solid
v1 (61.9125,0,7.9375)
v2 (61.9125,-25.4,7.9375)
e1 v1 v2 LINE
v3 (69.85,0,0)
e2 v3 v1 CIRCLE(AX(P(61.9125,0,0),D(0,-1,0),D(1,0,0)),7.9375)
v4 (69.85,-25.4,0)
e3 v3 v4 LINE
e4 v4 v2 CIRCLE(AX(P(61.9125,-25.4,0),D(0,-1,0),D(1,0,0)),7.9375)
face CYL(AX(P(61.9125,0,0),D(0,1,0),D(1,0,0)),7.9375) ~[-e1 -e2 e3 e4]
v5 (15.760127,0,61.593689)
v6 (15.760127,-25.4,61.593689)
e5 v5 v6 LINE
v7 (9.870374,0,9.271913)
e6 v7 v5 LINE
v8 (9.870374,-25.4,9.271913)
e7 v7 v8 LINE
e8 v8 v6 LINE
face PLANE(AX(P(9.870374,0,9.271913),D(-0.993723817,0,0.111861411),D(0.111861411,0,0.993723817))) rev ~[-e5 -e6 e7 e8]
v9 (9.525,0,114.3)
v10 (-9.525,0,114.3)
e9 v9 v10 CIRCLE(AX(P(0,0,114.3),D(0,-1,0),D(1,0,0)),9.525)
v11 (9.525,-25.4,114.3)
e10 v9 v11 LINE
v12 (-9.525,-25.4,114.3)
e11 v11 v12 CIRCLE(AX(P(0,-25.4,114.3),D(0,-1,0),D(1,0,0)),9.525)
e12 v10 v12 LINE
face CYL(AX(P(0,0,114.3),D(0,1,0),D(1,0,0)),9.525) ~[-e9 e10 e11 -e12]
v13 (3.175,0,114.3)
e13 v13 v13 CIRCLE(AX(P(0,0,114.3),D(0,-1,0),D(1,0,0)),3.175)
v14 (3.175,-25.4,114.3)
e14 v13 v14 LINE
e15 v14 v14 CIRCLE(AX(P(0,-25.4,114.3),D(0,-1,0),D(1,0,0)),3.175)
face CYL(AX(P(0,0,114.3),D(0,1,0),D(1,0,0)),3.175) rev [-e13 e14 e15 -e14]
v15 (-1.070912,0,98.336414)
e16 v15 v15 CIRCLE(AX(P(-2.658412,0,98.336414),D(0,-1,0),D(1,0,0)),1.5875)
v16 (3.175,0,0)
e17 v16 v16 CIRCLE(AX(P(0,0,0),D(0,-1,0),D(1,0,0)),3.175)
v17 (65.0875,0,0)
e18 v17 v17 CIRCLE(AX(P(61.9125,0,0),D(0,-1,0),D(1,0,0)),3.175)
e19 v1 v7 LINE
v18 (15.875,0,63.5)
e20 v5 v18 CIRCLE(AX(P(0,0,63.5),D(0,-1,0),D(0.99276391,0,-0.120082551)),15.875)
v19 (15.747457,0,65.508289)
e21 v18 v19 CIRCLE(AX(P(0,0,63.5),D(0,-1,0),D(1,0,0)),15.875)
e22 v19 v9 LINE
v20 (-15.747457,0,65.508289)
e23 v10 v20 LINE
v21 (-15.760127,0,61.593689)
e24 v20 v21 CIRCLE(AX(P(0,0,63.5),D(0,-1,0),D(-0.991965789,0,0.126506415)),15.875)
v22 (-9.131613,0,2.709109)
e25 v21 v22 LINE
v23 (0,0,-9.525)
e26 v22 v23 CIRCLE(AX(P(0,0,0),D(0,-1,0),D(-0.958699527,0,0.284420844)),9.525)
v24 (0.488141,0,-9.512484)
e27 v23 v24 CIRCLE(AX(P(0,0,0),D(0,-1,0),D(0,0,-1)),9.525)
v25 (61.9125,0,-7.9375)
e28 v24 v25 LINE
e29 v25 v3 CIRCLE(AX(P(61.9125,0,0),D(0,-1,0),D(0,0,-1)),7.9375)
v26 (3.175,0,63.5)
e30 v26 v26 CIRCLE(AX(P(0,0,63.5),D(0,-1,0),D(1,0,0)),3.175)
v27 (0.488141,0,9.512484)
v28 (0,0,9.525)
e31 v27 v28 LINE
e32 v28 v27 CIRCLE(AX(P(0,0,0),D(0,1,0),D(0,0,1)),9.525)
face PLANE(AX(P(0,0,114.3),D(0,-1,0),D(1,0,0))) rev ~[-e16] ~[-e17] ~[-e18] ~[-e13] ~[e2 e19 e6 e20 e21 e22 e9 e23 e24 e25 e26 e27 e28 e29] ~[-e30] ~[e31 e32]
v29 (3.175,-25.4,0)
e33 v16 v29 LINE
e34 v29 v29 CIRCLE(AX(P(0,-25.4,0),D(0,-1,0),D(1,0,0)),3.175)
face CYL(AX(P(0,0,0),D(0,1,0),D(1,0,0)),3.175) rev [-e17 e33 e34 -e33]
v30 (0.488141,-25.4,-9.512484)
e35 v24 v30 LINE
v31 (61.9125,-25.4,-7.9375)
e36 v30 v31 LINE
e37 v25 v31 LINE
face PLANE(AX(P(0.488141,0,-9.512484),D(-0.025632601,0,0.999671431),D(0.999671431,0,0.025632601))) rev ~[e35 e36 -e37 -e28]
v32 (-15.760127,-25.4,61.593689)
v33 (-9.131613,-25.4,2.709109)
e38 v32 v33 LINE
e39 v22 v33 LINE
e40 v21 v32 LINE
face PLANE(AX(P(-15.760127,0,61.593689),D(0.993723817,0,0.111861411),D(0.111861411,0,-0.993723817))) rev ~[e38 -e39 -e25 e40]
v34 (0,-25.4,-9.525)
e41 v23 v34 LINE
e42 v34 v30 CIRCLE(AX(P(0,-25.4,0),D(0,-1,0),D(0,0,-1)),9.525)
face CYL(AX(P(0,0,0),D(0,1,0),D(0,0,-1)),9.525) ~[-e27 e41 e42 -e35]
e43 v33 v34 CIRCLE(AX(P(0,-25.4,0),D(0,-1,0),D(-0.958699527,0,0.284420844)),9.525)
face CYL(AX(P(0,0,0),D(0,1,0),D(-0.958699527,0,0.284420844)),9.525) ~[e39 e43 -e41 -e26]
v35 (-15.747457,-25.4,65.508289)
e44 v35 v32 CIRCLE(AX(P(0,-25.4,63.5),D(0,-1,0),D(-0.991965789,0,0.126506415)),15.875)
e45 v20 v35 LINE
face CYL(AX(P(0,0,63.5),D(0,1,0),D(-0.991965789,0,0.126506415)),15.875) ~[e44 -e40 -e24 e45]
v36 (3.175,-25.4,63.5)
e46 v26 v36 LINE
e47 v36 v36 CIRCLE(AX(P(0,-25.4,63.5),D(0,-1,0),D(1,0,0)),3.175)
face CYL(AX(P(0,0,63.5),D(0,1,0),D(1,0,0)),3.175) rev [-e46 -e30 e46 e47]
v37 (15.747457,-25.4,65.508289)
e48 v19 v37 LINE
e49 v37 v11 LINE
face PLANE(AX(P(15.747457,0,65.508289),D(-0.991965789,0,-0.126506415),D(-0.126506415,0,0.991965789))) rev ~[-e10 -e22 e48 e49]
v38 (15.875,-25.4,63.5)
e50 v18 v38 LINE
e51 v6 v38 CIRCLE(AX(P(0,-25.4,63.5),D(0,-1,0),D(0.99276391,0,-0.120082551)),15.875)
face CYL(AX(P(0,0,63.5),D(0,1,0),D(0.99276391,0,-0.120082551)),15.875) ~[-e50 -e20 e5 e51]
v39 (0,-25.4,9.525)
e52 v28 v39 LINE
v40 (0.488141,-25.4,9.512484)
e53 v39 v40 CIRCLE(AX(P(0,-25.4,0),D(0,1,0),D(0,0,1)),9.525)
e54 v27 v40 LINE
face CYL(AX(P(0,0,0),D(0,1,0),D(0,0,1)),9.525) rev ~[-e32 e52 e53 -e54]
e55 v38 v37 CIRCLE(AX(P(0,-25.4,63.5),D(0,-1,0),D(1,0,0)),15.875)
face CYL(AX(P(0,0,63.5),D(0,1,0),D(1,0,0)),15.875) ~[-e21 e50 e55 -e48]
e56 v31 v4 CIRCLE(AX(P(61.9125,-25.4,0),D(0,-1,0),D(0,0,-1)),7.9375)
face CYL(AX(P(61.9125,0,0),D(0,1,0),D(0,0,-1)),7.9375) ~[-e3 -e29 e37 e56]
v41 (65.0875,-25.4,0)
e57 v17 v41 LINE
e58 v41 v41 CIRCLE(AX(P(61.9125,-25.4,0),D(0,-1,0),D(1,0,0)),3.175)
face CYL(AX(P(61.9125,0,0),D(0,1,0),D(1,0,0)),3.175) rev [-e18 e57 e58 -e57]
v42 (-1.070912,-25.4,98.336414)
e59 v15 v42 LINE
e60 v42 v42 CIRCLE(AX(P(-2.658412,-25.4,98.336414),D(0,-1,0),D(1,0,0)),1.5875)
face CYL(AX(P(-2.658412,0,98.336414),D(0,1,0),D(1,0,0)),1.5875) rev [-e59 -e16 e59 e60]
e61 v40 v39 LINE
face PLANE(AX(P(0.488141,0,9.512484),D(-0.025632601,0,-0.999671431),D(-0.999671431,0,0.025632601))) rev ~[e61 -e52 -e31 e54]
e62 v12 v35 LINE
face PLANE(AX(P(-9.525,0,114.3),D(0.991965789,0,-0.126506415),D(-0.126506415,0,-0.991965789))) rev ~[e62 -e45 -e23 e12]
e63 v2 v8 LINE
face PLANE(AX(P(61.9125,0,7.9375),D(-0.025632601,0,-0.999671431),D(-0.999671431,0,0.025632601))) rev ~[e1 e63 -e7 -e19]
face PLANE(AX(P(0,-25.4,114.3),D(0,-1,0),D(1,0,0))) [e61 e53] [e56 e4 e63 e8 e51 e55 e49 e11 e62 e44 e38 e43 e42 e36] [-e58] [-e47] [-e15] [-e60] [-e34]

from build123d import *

# Parameters (mm, degrees)
F0_R     = 3.175
F0_R_2   = 1.5875
F1_DEPTH = 25.4


with BuildPart() as f1:
    # F0 (on Front) → F1 (new body)
    with BuildSketch(Plane.XZ):
        with BuildLine():
            ThreePointArc((-9.525, 114.3), (0, 104.775), (9.525, 114.3))
            ThreePointArc((9.525, 114.3), (0, 123.825), (-9.525, 114.3))
        make_face()
        with Locations((0, 114.3)):
            Circle(F0_R, mode=Mode.SUBTRACT)
        with BuildLine():
            Line((15.7474569259, 65.508289164), (9.525, 114.3))
            ThreePointArc((9.525, 114.3), (0, 104.775), (-9.525, 114.3))
            Line((-9.525, 114.3), (-15.7474569047, 65.5082893304))
            ThreePointArc((-15.7474569047, 65.5082893304), (8.39e-08, 79.375), (15.7474569259, 65.508289164))
        make_face()
        with Locations((-2.658412496, 98.3364137691)):
            Circle(F0_R_2, mode=Mode.SUBTRACT)
        with BuildLine():
            ThreePointArc((15.875, 63.5), (15.8430821449, 64.5061675559), (15.7474569259, 65.508289164))
            ThreePointArc((15.7474569259, 65.508289164), (8.39e-08, 79.375), (-15.7474569047, 65.5082893304))
            ThreePointArc((-15.7474569047, 65.5082893304), (-15.8749168485, 63.5513814524), (-15.7601270703, 61.5936894984))
            ThreePointArc((-15.7601270703, 61.5936894984), (0, 47.625), (15.7601270703, 61.5936894984))
            ThreePointArc((15.7601270703, 61.5936894984), (15.8462557445, 62.5451157769), (15.875, 63.5))
        make_face()
        with Locations((0, 63.5)):
            Circle(F0_R, mode=Mode.SUBTRACT)
        with BuildLine():
            ThreePointArc((15.7601270703, 61.5936894984), (0, 47.625), (-15.7601270703, 61.5936894984))
            Line((-15.7601270703, 61.5936894984), (-9.131612996, 2.7091085417))
            ThreePointArc((-9.131612996, 2.7091085417), (-5.6974277591, 7.6331475768), (0, 9.525))
            ThreePointArc((0, 9.525), (0.2441505225, 9.5218703794), (0.4881406045, 9.5124835742))
            Line((0.4881406045, 9.5124835742), (9.8703742168, 9.2719134816))
            Line((9.8703742168, 9.2719134816), (15.7601270703, 61.5936894984))
        make_face()
        with BuildLine():
            ThreePointArc((0, 9.525), (-5.6974277591, 7.6331475768), (-9.131612996, 2.7091085417))
            ThreePointArc((-9.131612996, 2.7091085417), (-7.6331475768, -5.6974277591), (0, -9.525))
            Line((0, -9.525), (0.4881406045, -9.5124835742))
            ThreePointArc((0.4881406045, -9.5124835742), (6.905619605, -6.5603386247), (9.525, 0))
            ThreePointArc((9.525, 0), (9.4261402172, 1.3687606096), (9.131612996, 2.7091085417))
            ThreePointArc((9.131612996, 2.7091085417), (5.8912131851, 7.4845996692), (0.4881406045, 9.5124835742))
            Line((0.4881406045, 9.5124835742), (0, 9.525))
        make_face()
        Circle(F0_R, mode=Mode.SUBTRACT)
        with BuildLine():
            Line((61.9125, 7.9375), (9.8703742168, 9.2719134816))
            Line((9.8703742168, 9.2719134816), (9.131612996, 2.7091085417))
            ThreePointArc((9.131612996, 2.7091085417), (9.4261402172, 1.3687606096), (9.525, 0))
            ThreePointArc((9.525, 0), (6.905619605, -6.5603386247), (0.4881406045, -9.5124835742))
            Line((0.4881406045, -9.5124835742), (61.9125, -7.9375))
            ThreePointArc((61.9125, -7.9375), (53.975, 0), (61.9125, 7.9375))
        make_face()
        with BuildLine():
            Line((9.131612996, 2.7091085417), (9.8703742168, 9.2719134816))
            Line((9.8703742168, 9.2719134816), (0.4881406045, 9.5124835742))
            ThreePointArc((0.4881406045, 9.5124835742), (5.8912131851, 7.4845996692), (9.131612996, 2.7091085417))
        make_face()
        with BuildLine():
            Line((0.4881406045, -9.5124835742), (0, -9.525))
            ThreePointArc((0, -9.525), (0.2441505225, -9.5218703794), (0.4881406045, -9.5124835742))
        make_face()
        with BuildLine():
            ThreePointArc((69.85, 0), (67.5251600757, 5.6126600757), (61.9125, 7.9375))
            ThreePointArc((61.9125, 7.9375), (53.975, 0), (61.9125, -7.9375))
            ThreePointArc((61.9125, -7.9375), (67.5251600757, -5.6126600757), (69.85, 0))
        make_face()
        with Locations((61.9125, 0)):
            Circle(F0_R, mode=Mode.SUBTRACT)
    extrude(amount=F1_DEPTH)


solid = f1.part
